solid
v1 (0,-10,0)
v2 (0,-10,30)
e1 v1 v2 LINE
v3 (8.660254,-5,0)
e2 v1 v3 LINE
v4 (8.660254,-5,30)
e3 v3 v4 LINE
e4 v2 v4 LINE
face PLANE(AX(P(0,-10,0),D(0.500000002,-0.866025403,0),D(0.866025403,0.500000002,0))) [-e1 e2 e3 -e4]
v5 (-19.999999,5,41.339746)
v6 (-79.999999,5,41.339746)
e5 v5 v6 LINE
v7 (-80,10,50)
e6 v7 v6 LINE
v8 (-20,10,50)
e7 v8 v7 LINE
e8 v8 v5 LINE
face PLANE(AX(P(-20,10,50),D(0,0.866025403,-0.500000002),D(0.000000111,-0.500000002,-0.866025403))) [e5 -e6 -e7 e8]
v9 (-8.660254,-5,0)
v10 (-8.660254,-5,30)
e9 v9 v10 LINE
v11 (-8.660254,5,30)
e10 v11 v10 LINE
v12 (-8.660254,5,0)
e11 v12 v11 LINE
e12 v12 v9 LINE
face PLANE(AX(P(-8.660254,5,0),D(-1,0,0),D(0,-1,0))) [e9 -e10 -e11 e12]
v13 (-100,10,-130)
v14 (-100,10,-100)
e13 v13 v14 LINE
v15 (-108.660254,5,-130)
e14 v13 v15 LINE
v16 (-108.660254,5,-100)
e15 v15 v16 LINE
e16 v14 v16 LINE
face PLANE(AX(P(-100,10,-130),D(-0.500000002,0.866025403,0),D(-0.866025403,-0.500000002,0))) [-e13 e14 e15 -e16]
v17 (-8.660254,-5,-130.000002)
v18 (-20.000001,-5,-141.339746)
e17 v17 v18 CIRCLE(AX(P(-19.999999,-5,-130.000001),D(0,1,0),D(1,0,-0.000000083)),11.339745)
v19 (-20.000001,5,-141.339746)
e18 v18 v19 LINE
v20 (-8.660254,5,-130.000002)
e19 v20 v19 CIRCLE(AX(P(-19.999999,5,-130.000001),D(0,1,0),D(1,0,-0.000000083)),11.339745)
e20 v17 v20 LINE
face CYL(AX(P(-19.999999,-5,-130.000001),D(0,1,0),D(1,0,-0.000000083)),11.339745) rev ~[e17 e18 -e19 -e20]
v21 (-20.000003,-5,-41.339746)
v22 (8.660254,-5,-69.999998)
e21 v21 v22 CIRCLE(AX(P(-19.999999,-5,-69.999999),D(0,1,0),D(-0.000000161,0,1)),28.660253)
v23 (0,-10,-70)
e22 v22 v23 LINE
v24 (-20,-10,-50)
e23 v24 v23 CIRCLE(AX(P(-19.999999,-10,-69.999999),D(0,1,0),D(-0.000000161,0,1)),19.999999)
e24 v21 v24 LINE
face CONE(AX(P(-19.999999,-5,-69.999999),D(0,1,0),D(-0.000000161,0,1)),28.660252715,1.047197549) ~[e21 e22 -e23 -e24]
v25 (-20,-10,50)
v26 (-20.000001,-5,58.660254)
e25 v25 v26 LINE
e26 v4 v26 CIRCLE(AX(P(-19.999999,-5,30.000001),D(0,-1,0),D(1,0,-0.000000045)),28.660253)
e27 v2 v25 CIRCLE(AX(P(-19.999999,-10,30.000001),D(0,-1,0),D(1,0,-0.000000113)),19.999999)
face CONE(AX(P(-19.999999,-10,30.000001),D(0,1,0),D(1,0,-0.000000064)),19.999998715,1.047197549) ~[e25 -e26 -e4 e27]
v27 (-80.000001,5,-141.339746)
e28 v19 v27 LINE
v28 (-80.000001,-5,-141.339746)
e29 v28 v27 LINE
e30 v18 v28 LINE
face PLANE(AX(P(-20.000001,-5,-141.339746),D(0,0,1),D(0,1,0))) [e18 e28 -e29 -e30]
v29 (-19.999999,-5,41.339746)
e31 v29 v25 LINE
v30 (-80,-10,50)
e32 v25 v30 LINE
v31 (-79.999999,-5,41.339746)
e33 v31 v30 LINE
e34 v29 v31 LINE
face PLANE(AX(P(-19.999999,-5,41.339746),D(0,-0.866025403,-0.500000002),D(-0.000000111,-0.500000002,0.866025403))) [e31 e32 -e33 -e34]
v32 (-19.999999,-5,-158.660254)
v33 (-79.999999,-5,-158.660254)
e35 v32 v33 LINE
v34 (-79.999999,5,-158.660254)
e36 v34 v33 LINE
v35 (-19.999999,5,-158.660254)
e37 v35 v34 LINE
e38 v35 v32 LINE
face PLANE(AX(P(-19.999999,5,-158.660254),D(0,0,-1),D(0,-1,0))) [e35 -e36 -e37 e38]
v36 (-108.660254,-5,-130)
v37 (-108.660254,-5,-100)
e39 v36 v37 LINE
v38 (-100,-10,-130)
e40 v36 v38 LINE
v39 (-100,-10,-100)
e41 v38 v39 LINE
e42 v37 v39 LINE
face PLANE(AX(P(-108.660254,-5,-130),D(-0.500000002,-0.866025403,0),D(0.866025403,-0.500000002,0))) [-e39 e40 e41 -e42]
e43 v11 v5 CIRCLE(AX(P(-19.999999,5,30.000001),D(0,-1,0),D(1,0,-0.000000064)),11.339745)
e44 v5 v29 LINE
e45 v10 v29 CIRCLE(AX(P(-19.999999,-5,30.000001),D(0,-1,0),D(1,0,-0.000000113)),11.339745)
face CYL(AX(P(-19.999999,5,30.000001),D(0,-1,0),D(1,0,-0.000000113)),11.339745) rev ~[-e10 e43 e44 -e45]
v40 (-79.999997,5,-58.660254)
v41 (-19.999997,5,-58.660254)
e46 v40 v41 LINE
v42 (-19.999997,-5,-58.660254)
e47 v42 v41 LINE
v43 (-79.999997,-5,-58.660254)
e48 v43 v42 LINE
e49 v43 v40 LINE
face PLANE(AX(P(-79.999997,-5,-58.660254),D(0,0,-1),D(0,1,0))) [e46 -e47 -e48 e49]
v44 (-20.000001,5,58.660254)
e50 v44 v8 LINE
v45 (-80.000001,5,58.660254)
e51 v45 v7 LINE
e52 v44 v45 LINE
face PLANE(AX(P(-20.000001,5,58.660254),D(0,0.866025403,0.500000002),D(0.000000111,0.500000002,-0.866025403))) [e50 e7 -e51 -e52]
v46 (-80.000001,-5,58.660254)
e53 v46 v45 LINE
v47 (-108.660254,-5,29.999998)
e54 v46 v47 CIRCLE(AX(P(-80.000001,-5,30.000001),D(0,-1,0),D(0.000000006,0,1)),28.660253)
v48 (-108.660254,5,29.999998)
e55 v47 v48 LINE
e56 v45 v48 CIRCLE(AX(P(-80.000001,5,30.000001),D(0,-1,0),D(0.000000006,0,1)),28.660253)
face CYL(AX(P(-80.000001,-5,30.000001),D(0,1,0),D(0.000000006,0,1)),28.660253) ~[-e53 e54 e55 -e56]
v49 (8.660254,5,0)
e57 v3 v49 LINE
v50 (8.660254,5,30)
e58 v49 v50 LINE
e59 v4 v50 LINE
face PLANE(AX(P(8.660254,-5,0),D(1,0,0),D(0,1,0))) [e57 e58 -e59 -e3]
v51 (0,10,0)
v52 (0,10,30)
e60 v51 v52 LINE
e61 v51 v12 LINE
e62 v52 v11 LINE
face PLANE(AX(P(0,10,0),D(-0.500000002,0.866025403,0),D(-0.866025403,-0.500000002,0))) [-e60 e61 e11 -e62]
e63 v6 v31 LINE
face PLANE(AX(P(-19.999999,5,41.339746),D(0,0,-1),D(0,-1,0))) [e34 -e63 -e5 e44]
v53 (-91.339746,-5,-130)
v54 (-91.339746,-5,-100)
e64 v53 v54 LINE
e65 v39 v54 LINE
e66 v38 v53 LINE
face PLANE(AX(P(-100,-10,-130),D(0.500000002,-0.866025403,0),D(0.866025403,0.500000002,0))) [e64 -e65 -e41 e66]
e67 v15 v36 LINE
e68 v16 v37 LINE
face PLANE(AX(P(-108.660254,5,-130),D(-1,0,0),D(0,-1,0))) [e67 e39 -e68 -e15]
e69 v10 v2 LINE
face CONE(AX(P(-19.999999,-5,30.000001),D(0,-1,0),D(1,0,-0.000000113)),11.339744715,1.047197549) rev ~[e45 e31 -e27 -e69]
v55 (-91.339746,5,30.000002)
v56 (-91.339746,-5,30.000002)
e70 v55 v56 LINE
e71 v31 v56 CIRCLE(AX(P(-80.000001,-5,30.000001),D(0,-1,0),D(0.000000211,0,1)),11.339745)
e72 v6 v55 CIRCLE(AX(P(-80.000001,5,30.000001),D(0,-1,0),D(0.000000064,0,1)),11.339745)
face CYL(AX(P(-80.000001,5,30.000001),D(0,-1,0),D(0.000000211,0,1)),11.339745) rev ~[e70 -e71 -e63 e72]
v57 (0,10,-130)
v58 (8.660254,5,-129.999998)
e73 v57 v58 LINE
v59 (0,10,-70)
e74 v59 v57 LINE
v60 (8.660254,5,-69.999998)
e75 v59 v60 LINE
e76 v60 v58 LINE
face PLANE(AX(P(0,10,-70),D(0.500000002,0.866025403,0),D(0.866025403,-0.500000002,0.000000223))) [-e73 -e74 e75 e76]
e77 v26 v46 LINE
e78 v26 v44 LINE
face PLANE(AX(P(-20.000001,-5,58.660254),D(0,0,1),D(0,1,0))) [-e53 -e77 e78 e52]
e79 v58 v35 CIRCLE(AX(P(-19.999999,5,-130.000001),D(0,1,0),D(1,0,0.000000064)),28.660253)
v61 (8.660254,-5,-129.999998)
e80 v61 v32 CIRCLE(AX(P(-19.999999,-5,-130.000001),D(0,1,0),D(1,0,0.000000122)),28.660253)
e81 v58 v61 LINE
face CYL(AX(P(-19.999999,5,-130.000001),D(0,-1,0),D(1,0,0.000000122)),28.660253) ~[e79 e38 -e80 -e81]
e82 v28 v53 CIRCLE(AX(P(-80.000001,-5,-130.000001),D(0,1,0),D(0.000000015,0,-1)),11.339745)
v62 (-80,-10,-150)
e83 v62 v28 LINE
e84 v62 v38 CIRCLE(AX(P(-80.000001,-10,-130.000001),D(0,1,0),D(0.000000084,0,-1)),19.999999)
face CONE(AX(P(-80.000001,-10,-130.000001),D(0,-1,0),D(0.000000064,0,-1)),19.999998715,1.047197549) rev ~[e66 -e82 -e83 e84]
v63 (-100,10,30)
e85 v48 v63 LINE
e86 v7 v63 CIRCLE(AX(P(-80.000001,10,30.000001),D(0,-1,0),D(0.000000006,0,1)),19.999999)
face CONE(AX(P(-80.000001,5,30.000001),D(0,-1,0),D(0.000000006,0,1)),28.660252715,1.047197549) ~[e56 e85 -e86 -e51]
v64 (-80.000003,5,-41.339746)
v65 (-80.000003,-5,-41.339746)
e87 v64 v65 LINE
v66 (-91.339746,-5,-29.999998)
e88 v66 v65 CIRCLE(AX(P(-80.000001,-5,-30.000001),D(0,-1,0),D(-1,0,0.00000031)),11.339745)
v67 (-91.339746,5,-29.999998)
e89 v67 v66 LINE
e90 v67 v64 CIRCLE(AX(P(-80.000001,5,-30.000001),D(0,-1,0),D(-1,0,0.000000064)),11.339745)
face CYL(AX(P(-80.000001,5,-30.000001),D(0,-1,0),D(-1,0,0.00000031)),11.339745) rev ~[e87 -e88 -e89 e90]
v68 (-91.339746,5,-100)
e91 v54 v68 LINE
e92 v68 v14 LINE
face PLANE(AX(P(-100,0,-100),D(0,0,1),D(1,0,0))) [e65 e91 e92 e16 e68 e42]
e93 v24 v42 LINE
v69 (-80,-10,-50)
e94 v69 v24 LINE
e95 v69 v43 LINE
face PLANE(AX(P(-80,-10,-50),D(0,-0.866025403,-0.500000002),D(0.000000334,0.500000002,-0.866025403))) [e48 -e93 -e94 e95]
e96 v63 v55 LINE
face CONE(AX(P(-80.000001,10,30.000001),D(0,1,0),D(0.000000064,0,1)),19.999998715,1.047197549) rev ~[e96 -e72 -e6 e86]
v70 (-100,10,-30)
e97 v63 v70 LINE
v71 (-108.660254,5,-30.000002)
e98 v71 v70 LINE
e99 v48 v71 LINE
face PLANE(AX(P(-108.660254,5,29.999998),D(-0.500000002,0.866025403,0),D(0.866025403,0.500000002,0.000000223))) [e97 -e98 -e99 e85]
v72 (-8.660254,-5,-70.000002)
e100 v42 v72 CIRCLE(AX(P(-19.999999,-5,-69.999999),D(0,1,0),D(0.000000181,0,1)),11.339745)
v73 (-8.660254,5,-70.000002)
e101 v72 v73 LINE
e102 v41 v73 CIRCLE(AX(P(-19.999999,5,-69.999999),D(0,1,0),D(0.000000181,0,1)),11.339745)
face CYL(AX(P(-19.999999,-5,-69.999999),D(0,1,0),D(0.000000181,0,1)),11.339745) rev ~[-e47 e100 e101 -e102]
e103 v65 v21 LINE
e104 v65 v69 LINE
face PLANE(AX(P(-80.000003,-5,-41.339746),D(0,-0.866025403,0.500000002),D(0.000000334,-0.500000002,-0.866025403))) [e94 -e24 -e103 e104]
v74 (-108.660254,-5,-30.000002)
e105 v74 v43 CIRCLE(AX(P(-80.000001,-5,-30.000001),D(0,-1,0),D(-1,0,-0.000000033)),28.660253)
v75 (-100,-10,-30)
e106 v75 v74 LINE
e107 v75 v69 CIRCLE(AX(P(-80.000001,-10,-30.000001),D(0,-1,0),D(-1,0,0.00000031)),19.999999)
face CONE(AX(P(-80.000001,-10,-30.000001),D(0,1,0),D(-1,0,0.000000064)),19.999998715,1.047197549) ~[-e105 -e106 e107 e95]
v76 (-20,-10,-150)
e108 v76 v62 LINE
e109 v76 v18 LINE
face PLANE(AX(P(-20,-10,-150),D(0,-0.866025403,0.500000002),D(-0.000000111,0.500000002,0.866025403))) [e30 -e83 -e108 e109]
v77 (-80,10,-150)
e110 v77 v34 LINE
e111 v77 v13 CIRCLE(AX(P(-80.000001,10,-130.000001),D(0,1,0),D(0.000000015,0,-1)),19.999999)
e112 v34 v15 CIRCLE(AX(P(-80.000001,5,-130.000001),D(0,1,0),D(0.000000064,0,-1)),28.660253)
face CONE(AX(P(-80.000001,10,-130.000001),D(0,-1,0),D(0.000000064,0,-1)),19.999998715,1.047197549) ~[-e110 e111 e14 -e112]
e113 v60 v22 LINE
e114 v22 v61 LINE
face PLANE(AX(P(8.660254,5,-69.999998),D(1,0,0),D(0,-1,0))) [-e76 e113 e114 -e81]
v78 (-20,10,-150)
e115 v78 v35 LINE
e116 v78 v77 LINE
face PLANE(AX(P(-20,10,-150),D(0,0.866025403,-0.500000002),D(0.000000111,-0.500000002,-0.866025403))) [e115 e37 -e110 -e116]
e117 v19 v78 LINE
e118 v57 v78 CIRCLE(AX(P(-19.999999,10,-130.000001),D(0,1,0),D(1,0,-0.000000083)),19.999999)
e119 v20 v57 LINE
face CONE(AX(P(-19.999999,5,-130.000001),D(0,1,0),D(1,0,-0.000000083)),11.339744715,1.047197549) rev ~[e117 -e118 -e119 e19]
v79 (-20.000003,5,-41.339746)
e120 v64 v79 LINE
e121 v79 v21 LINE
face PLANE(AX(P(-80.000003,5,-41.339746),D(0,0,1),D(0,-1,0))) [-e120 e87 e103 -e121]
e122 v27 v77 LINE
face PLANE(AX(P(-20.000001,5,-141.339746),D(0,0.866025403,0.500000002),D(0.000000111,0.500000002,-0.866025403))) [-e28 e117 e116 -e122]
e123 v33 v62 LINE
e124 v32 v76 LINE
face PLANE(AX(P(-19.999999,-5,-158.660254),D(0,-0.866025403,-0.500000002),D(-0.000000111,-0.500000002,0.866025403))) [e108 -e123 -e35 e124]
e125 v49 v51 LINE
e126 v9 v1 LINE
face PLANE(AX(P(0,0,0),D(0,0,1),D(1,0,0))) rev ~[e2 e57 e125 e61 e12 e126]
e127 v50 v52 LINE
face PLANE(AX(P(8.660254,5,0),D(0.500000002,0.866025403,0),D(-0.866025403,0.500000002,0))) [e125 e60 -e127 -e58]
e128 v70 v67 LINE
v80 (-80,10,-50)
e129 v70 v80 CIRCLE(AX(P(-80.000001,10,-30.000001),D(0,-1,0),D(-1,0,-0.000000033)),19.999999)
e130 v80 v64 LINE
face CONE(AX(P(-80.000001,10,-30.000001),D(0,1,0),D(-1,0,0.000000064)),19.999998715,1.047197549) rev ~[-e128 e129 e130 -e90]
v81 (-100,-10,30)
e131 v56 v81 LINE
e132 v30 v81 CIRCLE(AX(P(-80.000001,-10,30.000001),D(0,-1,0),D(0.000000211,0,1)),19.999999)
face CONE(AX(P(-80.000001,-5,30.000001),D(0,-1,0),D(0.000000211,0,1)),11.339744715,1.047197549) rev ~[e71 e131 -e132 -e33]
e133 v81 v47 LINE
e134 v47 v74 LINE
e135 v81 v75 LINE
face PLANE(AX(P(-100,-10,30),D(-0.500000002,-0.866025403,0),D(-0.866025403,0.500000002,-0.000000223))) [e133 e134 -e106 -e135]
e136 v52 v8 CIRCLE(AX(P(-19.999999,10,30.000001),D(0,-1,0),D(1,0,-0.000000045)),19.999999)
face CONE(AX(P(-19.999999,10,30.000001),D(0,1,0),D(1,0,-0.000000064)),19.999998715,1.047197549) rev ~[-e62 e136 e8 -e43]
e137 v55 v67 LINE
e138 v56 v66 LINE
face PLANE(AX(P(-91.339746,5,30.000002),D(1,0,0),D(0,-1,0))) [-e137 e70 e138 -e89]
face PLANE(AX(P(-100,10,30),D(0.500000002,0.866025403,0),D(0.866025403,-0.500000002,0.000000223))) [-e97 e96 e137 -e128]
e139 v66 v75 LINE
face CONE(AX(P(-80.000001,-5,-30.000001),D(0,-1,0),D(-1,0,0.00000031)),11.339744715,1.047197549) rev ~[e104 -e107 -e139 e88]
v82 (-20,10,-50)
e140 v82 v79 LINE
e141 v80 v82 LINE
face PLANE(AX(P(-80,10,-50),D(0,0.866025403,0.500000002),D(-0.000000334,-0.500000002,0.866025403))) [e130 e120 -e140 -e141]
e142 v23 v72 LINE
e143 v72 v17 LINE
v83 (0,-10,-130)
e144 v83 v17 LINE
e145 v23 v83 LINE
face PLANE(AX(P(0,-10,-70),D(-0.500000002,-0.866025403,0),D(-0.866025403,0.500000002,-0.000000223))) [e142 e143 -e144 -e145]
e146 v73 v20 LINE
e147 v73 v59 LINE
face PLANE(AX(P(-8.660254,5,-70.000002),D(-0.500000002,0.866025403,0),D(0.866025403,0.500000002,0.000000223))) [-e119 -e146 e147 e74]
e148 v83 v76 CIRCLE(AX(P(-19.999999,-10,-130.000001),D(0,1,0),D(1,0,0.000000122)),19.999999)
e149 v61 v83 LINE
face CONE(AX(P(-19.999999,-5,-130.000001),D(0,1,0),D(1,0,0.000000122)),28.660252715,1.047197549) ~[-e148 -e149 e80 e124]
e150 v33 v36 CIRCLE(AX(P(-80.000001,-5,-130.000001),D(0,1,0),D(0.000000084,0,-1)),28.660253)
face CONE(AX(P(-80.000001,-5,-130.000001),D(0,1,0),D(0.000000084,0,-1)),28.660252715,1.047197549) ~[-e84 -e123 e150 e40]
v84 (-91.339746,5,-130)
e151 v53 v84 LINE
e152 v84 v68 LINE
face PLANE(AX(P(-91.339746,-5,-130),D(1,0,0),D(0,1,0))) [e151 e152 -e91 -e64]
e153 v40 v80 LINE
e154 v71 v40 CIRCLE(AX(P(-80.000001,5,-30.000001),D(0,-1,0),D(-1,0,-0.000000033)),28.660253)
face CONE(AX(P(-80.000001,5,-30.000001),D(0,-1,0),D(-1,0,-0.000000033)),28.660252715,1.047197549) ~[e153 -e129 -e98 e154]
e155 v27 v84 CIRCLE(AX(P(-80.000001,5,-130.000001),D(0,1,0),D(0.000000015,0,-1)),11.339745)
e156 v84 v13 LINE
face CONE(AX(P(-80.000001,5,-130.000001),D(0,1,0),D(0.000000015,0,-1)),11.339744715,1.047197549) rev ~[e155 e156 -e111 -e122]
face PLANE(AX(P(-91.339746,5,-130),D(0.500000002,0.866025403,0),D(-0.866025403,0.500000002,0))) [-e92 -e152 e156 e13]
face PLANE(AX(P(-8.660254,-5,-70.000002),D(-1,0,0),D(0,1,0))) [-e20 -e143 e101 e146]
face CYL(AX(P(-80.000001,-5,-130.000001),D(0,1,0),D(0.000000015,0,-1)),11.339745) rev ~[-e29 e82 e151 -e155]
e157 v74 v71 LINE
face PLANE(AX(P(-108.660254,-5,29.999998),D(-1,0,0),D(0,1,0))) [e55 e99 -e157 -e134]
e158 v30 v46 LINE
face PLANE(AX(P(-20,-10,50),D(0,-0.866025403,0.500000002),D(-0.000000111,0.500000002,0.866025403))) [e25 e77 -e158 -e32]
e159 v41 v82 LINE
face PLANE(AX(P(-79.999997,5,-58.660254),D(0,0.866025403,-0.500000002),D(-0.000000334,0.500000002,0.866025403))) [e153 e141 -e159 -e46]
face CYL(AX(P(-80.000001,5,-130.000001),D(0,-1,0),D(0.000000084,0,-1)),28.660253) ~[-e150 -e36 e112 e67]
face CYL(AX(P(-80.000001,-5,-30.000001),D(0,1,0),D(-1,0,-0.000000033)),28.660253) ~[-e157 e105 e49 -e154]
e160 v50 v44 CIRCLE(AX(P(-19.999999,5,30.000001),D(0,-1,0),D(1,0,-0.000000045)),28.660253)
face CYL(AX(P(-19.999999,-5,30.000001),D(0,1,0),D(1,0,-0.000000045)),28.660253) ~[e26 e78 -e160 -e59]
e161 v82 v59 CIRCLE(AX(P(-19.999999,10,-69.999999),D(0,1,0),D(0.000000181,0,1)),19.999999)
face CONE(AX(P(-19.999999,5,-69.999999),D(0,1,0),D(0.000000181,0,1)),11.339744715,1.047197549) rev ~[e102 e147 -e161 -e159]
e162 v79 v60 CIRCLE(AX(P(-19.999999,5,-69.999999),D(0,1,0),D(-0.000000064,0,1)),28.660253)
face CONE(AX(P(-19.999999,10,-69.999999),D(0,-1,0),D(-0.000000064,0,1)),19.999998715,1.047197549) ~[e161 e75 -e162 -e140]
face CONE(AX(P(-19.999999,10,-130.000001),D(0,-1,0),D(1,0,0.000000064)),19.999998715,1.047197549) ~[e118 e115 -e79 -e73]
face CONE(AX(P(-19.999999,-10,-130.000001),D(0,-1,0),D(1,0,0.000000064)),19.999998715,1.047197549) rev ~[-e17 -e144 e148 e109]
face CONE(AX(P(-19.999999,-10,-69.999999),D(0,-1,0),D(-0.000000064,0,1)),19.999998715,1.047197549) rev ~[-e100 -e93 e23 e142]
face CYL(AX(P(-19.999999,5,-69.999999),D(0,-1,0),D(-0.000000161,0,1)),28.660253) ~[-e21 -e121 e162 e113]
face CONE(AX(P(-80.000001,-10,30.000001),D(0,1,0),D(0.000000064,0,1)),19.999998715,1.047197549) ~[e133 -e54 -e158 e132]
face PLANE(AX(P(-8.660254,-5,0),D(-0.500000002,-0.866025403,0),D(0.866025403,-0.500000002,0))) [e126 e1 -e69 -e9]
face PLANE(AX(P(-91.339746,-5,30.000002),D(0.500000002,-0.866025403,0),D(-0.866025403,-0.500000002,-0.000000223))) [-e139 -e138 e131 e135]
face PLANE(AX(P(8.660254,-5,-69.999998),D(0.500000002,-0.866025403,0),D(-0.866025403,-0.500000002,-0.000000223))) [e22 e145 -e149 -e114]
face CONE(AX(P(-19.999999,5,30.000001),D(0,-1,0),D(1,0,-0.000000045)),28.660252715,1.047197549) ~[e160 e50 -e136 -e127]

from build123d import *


with BuildPart() as f2:
    # F2: sweep along a path in F0
    with BuildLine(Plane.XZ) as f2_path:
        Line((0, 0), (0, 30))
        ThreePointArc((0, 30), (-5.857864, 44.142136), (-20, 50))
        Line((-20, 50), (-80, 50))
        ThreePointArc((-80, 50), (-94.142136, 44.142136), (-100, 30))
        Line((-100, 30), (-100, -30))
        ThreePointArc((-100, -30), (-94.142136, -44.142136), (-80, -50))
        Line((-80, -50), (-20, -50))
        ThreePointArc((-20, -50), (-5.857864, -55.857864), (0, -70))
        Line((0, -70), (0, -130))
        ThreePointArc((0, -130), (-5.857864, -144.142136), (-20, -150))
        Line((-20, -150), (-80, -150))
        ThreePointArc((-80, -150), (-94.142136, -144.142136), (-100, -130))
        Line((-100, -130), (-100, -100))
    # F1 (on Top) → F2 (sweep)
    with BuildSketch(Plane.XY):
        Polygon((8.660254, -5), (8.660254, 5), (0, 10), (-8.660254, 5), (-8.660254, -5), (0, -10), align=None)
    sweep(path=f2_path.line)


solid = f2.part
